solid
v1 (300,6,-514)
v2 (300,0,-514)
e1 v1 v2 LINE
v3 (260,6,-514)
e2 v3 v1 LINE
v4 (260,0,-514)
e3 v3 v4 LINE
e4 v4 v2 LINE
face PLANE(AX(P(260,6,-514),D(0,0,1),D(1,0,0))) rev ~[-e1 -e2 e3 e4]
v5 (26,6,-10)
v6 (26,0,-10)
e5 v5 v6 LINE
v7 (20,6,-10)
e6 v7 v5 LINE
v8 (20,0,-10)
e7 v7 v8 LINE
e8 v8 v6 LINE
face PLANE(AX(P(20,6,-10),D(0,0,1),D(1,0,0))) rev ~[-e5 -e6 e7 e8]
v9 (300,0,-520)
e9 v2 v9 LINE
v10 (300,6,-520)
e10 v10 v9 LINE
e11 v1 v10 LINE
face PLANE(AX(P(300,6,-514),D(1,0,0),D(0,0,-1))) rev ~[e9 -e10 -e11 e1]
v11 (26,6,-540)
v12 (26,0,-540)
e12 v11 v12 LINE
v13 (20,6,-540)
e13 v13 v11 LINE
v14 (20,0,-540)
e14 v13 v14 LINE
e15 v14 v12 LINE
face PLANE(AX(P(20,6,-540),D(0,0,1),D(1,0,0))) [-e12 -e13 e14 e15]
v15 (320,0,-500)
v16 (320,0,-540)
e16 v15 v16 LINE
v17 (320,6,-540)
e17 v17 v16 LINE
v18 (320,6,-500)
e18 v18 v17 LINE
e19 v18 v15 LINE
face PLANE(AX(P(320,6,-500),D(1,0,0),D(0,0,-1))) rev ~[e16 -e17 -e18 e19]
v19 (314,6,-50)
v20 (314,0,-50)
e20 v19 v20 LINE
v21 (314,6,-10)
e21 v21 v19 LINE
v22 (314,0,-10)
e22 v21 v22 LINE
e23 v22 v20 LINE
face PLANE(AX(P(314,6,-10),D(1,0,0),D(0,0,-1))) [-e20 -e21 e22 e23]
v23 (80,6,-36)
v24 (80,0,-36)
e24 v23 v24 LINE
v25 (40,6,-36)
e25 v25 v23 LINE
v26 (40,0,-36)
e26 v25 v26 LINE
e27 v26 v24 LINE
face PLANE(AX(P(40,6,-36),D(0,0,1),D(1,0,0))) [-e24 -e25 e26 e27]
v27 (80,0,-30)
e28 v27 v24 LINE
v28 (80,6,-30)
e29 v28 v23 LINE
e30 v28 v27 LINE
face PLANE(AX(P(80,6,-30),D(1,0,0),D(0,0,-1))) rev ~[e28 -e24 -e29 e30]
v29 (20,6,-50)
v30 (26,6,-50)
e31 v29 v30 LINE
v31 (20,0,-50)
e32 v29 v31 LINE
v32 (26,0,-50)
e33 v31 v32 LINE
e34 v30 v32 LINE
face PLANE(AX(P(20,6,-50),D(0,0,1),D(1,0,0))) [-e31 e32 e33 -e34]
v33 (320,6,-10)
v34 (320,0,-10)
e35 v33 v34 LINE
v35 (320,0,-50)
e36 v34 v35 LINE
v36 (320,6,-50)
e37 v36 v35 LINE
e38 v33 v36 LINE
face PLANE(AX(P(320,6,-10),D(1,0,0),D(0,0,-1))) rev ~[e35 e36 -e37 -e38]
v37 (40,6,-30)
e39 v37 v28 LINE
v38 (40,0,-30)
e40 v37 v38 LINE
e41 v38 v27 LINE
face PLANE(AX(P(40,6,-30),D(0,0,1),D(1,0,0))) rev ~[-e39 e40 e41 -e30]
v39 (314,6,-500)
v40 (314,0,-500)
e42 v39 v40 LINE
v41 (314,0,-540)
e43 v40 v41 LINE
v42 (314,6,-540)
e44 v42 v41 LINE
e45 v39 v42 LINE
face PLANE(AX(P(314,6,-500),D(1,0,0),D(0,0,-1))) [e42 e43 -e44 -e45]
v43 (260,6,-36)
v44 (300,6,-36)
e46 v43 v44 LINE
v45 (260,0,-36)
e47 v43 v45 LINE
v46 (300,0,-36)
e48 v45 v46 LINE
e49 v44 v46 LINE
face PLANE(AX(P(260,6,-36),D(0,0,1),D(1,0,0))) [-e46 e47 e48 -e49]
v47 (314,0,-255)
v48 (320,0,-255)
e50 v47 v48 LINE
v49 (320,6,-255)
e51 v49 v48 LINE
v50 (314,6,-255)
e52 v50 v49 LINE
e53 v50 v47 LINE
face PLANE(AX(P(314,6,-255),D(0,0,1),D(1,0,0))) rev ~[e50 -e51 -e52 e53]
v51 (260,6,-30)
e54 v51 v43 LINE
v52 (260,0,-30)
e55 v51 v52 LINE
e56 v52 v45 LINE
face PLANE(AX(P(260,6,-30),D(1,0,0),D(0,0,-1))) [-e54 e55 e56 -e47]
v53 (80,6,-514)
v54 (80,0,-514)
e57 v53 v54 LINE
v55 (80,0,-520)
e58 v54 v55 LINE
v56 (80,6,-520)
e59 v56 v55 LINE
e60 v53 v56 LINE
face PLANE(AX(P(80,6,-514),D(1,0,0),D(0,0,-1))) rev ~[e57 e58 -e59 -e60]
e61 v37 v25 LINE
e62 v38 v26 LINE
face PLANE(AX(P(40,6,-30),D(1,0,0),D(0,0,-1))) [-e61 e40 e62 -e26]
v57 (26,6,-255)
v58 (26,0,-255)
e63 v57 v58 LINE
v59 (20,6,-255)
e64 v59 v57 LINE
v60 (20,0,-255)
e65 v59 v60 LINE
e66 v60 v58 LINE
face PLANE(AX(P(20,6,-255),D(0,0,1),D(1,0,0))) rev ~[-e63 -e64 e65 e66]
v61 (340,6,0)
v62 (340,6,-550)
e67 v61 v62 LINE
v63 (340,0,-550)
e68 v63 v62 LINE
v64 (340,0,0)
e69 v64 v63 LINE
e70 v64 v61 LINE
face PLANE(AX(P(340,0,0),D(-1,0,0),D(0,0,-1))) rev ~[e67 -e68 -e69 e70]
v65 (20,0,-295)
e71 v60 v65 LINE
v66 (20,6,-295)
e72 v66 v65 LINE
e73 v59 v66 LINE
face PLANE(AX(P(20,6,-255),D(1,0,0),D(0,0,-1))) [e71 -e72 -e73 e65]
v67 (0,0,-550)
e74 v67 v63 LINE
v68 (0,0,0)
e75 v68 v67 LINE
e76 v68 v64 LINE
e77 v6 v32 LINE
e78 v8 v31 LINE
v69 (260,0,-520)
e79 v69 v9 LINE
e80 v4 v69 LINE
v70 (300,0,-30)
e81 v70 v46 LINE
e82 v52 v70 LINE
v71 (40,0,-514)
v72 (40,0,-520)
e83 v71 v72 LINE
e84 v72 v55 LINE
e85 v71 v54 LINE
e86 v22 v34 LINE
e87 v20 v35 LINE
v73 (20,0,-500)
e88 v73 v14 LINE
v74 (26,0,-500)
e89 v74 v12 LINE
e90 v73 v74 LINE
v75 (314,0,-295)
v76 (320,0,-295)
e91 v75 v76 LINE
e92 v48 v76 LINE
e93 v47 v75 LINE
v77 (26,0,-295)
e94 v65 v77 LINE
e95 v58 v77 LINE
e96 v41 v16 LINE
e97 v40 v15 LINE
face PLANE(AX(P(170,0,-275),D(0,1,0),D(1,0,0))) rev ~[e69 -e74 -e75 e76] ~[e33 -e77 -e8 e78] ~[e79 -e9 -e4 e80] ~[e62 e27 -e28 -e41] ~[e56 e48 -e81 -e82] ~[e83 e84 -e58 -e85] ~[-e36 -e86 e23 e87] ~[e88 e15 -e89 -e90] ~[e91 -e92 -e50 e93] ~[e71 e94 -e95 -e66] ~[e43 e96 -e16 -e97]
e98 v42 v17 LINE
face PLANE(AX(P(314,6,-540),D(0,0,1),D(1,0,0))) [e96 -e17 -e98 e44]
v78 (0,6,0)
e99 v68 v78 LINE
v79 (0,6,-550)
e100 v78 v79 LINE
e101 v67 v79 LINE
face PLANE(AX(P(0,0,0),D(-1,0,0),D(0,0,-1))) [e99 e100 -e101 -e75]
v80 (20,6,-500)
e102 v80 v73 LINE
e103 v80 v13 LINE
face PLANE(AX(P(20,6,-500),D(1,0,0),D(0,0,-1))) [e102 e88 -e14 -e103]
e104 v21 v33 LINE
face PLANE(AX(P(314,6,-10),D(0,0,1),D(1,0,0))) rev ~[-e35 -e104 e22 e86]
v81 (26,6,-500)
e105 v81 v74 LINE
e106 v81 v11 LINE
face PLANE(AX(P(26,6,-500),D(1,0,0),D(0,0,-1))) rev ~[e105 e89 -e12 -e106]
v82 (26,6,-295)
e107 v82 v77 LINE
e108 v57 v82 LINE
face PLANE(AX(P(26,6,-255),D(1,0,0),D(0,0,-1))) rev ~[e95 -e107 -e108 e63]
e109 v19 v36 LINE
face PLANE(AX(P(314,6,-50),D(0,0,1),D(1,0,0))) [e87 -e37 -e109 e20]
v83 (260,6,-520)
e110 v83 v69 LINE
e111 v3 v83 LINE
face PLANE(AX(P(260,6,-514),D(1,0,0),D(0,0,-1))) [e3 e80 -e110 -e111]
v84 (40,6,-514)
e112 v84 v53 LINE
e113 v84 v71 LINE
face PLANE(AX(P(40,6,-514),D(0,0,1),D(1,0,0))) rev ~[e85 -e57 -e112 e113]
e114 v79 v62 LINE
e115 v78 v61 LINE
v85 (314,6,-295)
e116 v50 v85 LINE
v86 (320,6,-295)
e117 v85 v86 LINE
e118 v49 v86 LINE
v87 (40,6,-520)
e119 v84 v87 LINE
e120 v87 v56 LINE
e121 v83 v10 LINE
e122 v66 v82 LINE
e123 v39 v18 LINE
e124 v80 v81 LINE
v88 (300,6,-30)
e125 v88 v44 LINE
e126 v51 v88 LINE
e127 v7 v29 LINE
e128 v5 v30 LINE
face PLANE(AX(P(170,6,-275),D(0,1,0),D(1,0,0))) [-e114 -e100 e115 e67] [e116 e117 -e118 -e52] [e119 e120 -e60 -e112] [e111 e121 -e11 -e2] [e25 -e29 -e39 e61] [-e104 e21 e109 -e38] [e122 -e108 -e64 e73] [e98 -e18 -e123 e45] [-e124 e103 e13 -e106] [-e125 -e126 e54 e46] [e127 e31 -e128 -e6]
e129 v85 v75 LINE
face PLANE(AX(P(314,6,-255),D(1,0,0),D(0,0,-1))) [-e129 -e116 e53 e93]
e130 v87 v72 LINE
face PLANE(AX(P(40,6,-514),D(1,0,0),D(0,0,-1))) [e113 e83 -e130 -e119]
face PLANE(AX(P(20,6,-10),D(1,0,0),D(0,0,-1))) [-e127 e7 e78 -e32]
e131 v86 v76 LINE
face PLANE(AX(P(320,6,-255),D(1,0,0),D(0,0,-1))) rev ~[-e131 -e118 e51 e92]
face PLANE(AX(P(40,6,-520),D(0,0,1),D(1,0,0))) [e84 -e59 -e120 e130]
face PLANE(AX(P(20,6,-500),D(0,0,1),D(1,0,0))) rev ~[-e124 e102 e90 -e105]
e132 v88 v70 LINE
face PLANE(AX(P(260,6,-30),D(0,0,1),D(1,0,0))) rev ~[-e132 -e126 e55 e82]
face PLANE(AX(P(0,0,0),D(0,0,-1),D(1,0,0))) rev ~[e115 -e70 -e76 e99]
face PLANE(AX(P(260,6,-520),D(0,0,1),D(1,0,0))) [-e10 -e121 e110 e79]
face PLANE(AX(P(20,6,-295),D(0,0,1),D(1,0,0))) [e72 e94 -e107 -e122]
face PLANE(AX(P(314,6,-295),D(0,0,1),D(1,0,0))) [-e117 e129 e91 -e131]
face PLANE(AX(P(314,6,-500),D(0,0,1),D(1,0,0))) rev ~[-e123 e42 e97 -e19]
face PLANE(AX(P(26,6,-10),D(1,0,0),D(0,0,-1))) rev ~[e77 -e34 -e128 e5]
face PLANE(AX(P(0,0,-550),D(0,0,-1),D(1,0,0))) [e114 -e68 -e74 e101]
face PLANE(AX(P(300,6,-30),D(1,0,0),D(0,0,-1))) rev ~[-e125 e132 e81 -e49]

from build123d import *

# Parameters (mm, degrees)
SKETCH1_W            = 340
SKETCH1_H            = 550
BOSS_EXTRUDE1_DEPTH  = 6
SKETCH2_W            = 6
SKETCH2_H            = 40
CUT_EXTRUDE1_DEPTH   = 6
LPATTERN1_COUNT      = 2
LPATTERN1_PITCH      = 294
LPATTERN1_COUNT_DIR2 = 3
LPATTERN1_PITCH_DIR2 = 245
SKETCH3_W            = 40
SKETCH3_H            = 6
CUT_EXTRUDE2_DEPTH   = 10
LPATTERN2_COUNT      = 2
LPATTERN2_PITCH      = 220
LPATTERN2_COUNT_DIR2 = 2
LPATTERN2_PITCH_DIR2 = 484


with BuildPart() as part:
    # Sketch1 → Boss-Extrude1 (new body)
    with BuildSketch(Plane(origin=(0, 0, 0), x_dir=(1, 0, 0), z_dir=(0, 1, 0))):
        with Locations((170, 275)):
            Rectangle(SKETCH1_W, SKETCH1_H)
    extrude(amount=BOSS_EXTRUDE1_DEPTH)

    # Sketch2 → Cut-Extrude1 (cut)
    with BuildSketch(Plane(origin=(0, 6, 0), x_dir=(1, 0, 0), z_dir=(0, 1, 0))):
        with Locations((23, 520)):
            Rectangle(SKETCH2_W, SKETCH2_H)
    cut_extrude1 = extrude(amount=-CUT_EXTRUDE1_DEPTH, mode=Mode.SUBTRACT)

    # LPattern1: Cut-Extrude1 2 × 3
    with Locations(*[(i * LPATTERN1_PITCH, 0, j * LPATTERN1_PITCH_DIR2) for i in range(LPATTERN1_COUNT) for j in range(LPATTERN1_COUNT_DIR2) if (i, j) != (0, 0)]):
        add(cut_extrude1, mode=Mode.SUBTRACT)

    # Sketch3 → Cut-Extrude2 (cut)
    with BuildSketch(Plane(origin=(0, 6, 0), x_dir=(1, 0, 0), z_dir=(0, 1, 0))):
        with Locations((280, 517)):
            Rectangle(SKETCH3_W, SKETCH3_H)
    cut_extrude2 = extrude(amount=-CUT_EXTRUDE2_DEPTH, mode=Mode.SUBTRACT)

    # LPattern2: Cut-Extrude2 2 × 2
    with Locations(*[(-i * LPATTERN2_PITCH, 0, j * LPATTERN2_PITCH_DIR2) for i in range(LPATTERN2_COUNT) for j in range(LPATTERN2_COUNT_DIR2) if (i, j) != (0, 0)]):
        add(cut_extrude2, mode=Mode.SUBTRACT)


solid = part.part
